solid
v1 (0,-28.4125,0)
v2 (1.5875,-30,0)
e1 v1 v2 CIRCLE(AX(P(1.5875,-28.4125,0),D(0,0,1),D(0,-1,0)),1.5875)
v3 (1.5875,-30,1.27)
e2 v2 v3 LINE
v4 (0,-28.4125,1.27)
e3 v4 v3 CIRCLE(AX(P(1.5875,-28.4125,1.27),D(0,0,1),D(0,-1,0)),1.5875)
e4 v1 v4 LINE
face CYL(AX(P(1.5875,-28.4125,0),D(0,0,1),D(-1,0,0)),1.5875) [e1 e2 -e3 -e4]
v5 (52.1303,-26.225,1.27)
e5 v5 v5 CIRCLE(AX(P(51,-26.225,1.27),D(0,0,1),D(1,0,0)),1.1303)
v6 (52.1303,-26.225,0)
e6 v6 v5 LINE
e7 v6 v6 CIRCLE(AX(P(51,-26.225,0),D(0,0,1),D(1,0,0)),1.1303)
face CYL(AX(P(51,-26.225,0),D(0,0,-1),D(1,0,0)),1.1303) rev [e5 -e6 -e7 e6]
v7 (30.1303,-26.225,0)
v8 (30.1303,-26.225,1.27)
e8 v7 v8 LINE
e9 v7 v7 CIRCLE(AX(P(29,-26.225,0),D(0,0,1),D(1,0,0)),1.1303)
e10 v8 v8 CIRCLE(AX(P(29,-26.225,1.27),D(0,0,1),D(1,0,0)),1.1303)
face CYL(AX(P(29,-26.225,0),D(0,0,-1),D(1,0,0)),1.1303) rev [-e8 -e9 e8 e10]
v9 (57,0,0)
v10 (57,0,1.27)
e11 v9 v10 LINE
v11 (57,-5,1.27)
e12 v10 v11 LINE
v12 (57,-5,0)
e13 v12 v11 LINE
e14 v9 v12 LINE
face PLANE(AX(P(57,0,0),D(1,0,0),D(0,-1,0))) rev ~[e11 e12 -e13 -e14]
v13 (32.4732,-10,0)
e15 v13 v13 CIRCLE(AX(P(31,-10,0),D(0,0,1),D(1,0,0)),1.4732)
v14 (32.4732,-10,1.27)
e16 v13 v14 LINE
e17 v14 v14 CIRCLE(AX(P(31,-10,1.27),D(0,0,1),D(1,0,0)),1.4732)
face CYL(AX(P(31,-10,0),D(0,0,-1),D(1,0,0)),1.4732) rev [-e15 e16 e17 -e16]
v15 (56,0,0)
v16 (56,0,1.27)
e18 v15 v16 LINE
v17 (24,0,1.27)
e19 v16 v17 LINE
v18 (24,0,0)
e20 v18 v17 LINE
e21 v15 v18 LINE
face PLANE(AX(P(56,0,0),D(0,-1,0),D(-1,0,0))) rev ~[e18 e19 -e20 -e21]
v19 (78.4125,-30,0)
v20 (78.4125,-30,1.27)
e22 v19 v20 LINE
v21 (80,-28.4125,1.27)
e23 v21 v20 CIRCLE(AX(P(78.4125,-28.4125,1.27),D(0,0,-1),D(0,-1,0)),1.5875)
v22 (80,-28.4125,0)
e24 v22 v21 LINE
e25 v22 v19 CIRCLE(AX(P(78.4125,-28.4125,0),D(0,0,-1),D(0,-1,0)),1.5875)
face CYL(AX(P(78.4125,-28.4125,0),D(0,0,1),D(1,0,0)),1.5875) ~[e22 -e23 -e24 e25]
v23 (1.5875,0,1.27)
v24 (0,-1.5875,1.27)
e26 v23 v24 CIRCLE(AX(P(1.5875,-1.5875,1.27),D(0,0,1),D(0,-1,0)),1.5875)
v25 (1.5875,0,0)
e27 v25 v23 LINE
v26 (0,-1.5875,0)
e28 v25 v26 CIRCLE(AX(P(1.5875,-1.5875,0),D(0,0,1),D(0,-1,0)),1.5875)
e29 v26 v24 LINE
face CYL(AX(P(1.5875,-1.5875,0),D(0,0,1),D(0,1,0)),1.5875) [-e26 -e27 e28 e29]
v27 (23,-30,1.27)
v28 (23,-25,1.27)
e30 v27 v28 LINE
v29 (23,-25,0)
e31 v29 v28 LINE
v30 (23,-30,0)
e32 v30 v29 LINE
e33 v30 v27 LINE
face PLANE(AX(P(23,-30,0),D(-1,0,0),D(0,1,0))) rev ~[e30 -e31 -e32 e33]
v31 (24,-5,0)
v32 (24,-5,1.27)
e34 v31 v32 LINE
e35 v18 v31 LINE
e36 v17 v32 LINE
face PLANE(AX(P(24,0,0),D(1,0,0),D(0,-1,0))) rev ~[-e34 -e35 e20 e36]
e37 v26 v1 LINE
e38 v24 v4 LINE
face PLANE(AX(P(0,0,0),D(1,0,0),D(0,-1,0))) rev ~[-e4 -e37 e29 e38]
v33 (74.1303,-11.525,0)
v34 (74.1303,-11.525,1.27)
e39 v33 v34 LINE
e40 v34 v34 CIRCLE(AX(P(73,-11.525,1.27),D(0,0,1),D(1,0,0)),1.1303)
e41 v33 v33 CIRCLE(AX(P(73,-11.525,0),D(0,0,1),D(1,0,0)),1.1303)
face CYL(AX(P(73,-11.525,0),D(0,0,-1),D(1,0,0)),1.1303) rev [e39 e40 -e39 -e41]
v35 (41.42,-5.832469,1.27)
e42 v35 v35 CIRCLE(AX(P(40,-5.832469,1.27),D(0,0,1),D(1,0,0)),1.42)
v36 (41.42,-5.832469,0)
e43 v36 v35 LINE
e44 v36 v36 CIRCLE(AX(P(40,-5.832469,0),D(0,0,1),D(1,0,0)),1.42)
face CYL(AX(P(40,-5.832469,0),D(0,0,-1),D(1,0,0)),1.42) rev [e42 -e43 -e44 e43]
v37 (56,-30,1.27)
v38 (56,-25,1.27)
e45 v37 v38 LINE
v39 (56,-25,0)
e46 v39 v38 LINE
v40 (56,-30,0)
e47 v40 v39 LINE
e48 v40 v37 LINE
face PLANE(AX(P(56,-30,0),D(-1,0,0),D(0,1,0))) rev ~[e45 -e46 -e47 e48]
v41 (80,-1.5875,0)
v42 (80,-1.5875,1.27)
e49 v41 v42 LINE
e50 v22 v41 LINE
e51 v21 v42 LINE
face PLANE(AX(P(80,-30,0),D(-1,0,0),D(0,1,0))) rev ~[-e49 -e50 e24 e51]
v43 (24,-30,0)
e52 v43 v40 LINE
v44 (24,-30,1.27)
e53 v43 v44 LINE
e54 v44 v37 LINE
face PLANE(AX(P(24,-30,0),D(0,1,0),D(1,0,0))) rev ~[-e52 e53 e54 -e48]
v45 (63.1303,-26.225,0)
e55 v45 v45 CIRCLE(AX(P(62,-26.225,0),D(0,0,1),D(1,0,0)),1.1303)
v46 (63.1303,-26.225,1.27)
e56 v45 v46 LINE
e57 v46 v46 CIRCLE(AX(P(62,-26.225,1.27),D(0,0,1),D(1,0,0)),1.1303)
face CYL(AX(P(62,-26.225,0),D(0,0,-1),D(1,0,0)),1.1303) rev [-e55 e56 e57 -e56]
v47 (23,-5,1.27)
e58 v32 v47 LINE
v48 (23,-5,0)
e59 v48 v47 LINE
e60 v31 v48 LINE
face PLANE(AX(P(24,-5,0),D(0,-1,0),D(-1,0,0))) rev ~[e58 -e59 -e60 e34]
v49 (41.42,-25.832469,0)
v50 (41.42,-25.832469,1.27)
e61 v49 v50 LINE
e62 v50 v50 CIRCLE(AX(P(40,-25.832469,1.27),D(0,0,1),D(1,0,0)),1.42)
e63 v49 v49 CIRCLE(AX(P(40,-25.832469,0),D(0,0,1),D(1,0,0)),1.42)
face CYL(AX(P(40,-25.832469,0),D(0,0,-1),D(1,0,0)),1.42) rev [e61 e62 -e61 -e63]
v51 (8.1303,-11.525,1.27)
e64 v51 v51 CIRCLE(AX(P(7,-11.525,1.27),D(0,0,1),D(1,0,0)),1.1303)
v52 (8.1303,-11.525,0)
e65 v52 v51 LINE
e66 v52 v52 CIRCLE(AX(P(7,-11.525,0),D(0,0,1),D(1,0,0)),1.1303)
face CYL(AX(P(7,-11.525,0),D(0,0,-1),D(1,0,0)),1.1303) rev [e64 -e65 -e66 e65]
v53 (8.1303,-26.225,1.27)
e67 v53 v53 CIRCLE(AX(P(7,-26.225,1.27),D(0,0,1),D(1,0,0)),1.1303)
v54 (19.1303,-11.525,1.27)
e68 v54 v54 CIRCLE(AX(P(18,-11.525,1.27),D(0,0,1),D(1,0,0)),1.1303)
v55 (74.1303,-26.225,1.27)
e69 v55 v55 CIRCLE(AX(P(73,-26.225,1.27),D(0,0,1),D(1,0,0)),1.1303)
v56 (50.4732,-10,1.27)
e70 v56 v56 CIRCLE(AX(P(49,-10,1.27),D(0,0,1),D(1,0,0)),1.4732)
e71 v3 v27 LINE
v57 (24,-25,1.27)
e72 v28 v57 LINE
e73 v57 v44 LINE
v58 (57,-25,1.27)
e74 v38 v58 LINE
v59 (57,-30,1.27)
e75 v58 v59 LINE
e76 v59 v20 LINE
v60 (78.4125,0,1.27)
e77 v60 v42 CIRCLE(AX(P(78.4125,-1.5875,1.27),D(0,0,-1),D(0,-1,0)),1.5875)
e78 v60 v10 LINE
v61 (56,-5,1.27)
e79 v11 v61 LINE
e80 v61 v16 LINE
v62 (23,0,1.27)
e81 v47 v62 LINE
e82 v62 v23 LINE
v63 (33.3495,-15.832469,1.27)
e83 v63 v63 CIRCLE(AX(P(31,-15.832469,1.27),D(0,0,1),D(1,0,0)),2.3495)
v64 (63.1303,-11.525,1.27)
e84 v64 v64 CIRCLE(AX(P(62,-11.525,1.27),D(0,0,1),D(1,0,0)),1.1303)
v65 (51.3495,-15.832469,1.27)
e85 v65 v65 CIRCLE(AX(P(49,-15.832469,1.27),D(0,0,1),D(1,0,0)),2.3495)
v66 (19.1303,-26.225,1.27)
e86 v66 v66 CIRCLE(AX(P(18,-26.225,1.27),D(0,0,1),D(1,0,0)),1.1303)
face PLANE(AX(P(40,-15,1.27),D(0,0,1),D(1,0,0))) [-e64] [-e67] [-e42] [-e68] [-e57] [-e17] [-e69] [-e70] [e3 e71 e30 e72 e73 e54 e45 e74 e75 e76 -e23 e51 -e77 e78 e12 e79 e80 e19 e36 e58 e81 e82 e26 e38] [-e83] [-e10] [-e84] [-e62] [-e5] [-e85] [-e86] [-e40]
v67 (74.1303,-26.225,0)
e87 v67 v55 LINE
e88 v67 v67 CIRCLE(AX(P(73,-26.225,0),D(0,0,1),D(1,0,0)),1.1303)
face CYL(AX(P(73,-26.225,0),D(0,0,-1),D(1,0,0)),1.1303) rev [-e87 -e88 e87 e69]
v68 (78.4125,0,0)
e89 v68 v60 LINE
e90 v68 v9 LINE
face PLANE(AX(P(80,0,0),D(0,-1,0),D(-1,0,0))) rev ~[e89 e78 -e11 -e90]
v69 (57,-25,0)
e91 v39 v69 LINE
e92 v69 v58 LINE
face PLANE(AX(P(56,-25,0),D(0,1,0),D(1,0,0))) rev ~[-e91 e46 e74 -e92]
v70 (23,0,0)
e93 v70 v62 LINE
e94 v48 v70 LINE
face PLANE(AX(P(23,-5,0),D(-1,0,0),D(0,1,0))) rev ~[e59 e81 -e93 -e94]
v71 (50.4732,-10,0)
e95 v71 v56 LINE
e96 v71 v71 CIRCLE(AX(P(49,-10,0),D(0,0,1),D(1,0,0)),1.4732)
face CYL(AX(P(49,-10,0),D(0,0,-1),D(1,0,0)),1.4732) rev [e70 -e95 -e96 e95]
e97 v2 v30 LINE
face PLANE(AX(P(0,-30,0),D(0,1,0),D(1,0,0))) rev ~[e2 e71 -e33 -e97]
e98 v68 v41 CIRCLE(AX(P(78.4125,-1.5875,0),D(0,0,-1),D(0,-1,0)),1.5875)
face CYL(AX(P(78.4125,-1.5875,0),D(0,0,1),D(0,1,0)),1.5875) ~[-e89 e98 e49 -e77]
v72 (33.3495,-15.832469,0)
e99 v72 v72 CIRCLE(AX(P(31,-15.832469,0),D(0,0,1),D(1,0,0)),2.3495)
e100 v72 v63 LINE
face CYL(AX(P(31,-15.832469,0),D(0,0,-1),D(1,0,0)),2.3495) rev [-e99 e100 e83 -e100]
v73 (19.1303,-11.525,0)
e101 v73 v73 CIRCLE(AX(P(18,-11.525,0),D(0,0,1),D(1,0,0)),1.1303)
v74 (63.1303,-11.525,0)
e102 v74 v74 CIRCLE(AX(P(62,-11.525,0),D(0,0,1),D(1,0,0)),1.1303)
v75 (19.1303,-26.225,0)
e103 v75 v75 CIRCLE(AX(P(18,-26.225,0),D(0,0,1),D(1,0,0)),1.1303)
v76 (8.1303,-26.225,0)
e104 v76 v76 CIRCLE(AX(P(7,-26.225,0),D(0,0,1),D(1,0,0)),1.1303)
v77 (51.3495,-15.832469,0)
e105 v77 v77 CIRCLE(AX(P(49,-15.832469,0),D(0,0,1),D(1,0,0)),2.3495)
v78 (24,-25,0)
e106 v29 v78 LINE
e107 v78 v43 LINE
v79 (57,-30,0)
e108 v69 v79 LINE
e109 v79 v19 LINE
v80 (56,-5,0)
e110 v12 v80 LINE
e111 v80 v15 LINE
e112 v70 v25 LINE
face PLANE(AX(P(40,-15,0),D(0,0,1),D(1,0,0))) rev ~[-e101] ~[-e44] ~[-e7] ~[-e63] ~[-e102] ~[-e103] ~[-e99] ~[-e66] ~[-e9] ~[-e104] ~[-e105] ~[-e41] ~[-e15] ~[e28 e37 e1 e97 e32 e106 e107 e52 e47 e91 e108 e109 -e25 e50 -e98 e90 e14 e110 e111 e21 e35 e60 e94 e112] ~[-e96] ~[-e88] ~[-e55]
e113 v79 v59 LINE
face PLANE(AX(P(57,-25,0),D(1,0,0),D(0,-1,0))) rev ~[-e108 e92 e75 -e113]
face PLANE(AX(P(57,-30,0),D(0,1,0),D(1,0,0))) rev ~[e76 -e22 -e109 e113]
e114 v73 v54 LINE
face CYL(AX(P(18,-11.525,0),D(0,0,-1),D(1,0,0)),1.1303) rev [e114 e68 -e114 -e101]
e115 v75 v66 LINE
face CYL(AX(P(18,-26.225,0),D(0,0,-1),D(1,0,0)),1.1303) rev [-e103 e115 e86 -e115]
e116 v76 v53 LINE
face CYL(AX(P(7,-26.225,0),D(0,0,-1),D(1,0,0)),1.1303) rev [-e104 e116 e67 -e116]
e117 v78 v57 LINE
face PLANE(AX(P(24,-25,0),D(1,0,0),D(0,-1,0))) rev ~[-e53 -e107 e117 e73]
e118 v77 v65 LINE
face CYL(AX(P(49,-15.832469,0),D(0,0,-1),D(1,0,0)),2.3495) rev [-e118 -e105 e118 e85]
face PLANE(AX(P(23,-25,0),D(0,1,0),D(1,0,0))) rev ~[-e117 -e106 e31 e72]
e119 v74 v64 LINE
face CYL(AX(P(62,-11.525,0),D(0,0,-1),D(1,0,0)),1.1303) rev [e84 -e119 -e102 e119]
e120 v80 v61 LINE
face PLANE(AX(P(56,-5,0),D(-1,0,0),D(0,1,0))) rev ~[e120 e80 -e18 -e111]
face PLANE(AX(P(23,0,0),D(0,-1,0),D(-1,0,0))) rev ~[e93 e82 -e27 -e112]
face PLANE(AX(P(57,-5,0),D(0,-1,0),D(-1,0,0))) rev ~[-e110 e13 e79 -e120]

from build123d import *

# Parameters (mm, degrees)
SKETCH1_R           = 1.1303
SKETCH1_R_2         = 2.3495
SKETCH1_R_3         = 1.4732
SKETCH1_R_4         = 1.42
BOSS_EXTRUDE1_DEPTH = 1.27
FILLET1_R           = 1.5875


with BuildPart() as part:
    # Sketch1 → Boss-Extrude1 (new body)
    with BuildSketch(Plane.XY):
        Polygon((23, 0), (0, 0), (0, -30), (23, -30), (23, -25), (24, -25), (24, -30), (56, -30), (56, -25), (57, -25), (57, -30), (80, -30), (80, 0), (57, 0), (57, -5), (56, -5), (56, 0), (24, 0), (24, -5), (23, -5), align=None)
        with Locations((7, -26.225)):
            Circle(SKETCH1_R, mode=Mode.SUBTRACT)
        with Locations((18, -26.225)):
            Circle(SKETCH1_R, mode=Mode.SUBTRACT)
        with Locations((29, -26.225)):
            Circle(SKETCH1_R, mode=Mode.SUBTRACT)
        with Locations((31, -15.832468656)):
            Circle(SKETCH1_R_2, mode=Mode.SUBTRACT)
        with Locations((51, -26.225)):
            Circle(SKETCH1_R, mode=Mode.SUBTRACT)
        with Locations((62, -26.225)):
            Circle(SKETCH1_R, mode=Mode.SUBTRACT)
        with Locations((73, -26.225)):
            Circle(SKETCH1_R, mode=Mode.SUBTRACT)
        with Locations((49, -15.832468656)):
            Circle(SKETCH1_R_2, mode=Mode.SUBTRACT)
        with Locations((7, -11.525)):
            Circle(SKETCH1_R, mode=Mode.SUBTRACT)
        with Locations((18, -11.525)):
            Circle(SKETCH1_R, mode=Mode.SUBTRACT)
        with Locations((31, -10)):
            Circle(SKETCH1_R_3, mode=Mode.SUBTRACT)
        with Locations((49, -10)):
            Circle(SKETCH1_R_3, mode=Mode.SUBTRACT)
        with Locations((62, -11.525)):
            Circle(SKETCH1_R, mode=Mode.SUBTRACT)
        with Locations((73, -11.525)):
            Circle(SKETCH1_R, mode=Mode.SUBTRACT)
        with Locations((40, -5.832468656)):
            Circle(SKETCH1_R_4, mode=Mode.SUBTRACT)
        with Locations((40, -25.832468656)):
            Circle(SKETCH1_R_4, mode=Mode.SUBTRACT)
    extrude(amount=BOSS_EXTRUDE1_DEPTH)

    # Fillet1
    fillet1_edges = [part.edges().sort_by_distance(p)[0] for p in [
        (0, -30, 0.635),
        (0, 0, 0.635),
        (80, 0, 0.635),
        (80, -30, 0.635),
    ]]
    fillet(fillet1_edges, radius=FILLET1_R)


solid = part.part
